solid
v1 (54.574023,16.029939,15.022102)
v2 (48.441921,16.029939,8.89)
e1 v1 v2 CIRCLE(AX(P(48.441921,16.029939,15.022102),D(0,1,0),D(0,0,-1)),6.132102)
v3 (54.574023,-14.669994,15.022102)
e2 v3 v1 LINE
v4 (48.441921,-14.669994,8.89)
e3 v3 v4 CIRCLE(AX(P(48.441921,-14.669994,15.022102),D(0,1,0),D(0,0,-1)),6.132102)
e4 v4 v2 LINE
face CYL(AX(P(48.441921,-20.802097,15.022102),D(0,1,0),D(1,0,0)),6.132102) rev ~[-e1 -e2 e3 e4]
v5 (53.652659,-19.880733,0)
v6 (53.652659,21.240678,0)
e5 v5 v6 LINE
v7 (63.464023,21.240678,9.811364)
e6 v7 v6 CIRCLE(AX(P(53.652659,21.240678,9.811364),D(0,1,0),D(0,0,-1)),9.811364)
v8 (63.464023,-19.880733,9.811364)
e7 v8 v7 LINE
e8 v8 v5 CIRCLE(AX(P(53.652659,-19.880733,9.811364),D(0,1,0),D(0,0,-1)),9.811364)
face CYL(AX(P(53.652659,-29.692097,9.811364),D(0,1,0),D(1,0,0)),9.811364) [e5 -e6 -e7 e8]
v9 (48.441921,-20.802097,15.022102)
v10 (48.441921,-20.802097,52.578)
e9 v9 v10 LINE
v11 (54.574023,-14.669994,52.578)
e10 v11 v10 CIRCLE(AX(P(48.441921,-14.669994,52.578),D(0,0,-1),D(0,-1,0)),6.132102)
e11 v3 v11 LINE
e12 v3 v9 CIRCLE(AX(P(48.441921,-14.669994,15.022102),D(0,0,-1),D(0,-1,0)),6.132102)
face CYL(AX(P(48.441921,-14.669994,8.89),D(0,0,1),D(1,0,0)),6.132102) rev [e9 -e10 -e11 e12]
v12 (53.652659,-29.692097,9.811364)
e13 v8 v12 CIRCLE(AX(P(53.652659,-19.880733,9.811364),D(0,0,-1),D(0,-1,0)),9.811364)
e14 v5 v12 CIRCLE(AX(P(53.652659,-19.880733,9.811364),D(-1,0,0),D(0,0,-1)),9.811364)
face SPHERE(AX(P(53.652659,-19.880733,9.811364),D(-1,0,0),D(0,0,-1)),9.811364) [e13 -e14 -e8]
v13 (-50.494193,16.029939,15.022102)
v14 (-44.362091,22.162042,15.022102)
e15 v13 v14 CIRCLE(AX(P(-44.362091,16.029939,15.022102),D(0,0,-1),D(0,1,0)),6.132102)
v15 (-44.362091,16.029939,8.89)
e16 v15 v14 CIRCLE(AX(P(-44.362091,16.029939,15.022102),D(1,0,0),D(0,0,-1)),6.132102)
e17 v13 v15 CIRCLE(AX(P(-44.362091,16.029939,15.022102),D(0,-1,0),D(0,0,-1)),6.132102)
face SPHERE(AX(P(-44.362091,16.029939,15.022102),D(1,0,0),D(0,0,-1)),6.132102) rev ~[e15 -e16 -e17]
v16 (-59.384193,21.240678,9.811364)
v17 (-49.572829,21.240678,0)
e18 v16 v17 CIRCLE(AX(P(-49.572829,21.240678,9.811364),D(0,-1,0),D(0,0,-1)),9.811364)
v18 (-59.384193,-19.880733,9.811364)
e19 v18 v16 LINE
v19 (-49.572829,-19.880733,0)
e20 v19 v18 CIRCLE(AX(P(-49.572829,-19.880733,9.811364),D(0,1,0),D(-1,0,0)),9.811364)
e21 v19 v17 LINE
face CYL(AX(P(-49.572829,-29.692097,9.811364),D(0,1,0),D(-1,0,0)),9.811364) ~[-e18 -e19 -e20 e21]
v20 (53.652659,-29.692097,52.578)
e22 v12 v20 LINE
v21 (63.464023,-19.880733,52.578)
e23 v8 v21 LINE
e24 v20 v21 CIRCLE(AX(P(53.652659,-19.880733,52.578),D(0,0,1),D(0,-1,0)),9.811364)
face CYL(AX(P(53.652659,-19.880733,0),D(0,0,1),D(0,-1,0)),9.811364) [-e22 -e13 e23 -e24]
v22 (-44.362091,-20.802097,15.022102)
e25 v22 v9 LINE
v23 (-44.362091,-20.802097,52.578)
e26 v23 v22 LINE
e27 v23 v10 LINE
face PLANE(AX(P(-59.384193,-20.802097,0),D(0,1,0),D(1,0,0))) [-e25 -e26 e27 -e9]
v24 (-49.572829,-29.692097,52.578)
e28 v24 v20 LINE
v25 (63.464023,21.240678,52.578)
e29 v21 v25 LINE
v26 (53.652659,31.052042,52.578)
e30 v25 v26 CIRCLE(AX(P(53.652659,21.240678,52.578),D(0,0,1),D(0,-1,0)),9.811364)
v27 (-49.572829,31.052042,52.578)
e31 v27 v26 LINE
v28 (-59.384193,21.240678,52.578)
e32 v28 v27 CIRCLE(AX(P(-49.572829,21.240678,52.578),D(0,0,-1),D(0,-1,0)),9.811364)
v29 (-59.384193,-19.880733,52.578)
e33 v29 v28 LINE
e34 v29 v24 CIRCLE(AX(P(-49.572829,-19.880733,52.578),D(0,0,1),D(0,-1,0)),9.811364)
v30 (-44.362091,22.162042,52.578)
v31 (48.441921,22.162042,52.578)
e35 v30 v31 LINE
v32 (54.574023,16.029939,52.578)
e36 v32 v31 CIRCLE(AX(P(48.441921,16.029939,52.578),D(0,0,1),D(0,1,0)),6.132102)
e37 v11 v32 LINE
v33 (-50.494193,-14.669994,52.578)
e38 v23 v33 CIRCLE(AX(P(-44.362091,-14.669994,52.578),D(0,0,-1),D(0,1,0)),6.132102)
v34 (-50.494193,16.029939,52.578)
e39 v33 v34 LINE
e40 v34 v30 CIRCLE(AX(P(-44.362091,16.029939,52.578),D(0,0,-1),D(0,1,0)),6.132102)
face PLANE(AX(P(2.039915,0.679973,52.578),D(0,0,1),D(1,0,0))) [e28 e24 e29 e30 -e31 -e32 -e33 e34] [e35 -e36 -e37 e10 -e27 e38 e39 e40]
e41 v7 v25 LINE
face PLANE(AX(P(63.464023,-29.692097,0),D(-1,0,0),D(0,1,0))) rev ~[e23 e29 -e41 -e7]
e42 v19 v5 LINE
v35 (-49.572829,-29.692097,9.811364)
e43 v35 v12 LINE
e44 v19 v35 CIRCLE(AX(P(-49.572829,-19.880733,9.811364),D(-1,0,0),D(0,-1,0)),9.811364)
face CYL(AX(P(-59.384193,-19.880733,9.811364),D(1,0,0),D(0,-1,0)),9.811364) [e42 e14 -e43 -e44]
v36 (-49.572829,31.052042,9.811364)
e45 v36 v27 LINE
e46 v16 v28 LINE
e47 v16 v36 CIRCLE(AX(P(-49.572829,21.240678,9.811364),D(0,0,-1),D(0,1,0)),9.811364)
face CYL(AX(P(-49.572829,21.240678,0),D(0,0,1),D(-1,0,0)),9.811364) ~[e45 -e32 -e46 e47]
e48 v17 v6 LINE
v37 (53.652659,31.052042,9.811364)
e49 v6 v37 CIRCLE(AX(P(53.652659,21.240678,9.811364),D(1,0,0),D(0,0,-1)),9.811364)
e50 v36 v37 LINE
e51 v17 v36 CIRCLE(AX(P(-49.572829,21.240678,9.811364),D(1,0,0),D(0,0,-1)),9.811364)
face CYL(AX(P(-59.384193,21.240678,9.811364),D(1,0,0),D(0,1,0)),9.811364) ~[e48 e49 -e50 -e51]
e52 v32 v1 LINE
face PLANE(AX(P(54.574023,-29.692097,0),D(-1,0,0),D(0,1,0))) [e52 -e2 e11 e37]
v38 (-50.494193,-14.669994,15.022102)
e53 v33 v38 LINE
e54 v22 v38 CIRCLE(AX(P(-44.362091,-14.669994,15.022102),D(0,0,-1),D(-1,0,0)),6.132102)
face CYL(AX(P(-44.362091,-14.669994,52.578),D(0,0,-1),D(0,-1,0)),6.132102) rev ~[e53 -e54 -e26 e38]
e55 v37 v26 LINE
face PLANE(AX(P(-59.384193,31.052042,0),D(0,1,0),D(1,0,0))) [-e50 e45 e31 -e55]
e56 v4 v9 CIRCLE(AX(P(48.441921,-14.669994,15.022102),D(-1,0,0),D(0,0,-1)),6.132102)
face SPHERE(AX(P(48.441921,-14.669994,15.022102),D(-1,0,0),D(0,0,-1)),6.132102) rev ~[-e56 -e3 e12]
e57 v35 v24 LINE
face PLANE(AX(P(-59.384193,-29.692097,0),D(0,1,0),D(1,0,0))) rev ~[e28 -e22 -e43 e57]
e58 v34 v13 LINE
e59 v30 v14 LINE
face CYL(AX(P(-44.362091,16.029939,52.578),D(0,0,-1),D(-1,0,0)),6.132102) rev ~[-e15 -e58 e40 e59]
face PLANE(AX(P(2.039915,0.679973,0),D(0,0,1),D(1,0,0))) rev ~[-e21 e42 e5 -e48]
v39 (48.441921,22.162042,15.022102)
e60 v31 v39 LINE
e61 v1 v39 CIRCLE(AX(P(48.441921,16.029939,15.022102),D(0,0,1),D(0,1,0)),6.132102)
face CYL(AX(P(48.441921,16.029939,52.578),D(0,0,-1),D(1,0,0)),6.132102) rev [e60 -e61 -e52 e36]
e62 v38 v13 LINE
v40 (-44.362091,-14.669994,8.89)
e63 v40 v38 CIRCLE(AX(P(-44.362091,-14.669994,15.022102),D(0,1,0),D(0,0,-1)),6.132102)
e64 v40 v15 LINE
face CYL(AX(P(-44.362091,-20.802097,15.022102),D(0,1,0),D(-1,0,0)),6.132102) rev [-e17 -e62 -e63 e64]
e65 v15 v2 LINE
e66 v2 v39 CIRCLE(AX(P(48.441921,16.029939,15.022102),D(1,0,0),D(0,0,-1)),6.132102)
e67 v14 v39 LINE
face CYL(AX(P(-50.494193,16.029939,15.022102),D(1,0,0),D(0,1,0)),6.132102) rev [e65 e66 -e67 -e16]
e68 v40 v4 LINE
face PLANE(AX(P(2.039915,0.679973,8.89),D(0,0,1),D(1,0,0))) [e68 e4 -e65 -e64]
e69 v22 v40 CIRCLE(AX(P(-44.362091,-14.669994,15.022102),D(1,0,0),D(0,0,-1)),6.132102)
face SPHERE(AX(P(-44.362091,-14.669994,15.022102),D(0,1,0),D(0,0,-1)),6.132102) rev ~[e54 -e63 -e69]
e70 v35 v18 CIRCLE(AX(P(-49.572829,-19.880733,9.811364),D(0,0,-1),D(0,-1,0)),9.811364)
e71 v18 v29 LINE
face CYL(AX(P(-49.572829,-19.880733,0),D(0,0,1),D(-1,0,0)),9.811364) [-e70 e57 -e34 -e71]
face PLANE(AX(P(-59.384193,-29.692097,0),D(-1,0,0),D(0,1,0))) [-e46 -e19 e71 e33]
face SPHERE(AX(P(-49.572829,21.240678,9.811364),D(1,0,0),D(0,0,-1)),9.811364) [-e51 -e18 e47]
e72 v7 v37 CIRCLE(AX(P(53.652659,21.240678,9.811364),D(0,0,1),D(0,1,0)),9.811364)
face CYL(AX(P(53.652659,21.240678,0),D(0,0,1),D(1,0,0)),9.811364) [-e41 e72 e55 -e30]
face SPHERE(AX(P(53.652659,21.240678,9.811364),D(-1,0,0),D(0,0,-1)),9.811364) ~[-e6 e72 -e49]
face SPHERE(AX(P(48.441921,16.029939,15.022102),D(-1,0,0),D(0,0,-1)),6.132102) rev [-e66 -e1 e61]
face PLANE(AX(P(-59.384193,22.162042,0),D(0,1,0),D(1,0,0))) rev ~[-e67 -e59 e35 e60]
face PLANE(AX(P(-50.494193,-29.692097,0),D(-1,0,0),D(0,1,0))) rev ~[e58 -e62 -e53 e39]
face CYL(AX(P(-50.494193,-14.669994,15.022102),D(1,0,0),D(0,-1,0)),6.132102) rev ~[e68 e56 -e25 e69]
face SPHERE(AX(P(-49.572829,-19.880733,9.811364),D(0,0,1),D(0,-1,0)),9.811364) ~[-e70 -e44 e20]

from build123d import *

# Parameters (mm, degrees)
F0_W     = 122.8482164443
F0_H     = 60.7441384345
F1_DEPTH = 52.578
F2_T     = -8.89
F3_R     = 9.8113639175
F4_R     = 6.1321024484


with BuildPart() as f1:
    # F0 (on Top) → F1 (new body)
    with BuildSketch(Plane.XY):
        with Locations((2.0399149507, 0.6799725816)):
            Rectangle(F0_W, F0_H)
    extrude(amount=F1_DEPTH)

    # F2
    f2_openings = [f1.faces().sort_by_distance(p)[0] for p in [
        (2.039915, 0.679973, 52.578),
    ]]
    offset(amount=F2_T, openings=f2_openings)

    # F3
    f3_edges = [f1.edges().sort_by_distance(p)[0] for p in [
        (-59.384193, -29.692097, 26.289),
        (2.039915, -29.692097, 0),
        (2.039915, 31.052042, 0),
        (-59.384193, 0.679973, 0),
        (63.464023, 0.679973, 0),
        (-59.384193, 31.052042, 26.289),
        (63.464023, 31.052042, 26.289),
        (63.464023, -29.692097, 26.289),
    ]]
    fillet(f3_edges, radius=F3_R)

    # F4
    f4_edges = [f1.edges().sort_by_distance(p)[0] for p in [
        (2.039915, 22.162042, 8.89),
        (-50.494193, 0.679973, 8.89),
        (2.039915, -20.802097, 8.89),
        (54.574023, 0.679973, 8.89),
        (-50.494193, -20.802097, 30.734),
        (-50.494193, 22.162042, 30.734),
        (54.574023, -20.802097, 30.734),
        (54.574023, 22.162042, 30.734),
    ]]
    fillet(f4_edges, radius=F4_R)


solid = f1.part
